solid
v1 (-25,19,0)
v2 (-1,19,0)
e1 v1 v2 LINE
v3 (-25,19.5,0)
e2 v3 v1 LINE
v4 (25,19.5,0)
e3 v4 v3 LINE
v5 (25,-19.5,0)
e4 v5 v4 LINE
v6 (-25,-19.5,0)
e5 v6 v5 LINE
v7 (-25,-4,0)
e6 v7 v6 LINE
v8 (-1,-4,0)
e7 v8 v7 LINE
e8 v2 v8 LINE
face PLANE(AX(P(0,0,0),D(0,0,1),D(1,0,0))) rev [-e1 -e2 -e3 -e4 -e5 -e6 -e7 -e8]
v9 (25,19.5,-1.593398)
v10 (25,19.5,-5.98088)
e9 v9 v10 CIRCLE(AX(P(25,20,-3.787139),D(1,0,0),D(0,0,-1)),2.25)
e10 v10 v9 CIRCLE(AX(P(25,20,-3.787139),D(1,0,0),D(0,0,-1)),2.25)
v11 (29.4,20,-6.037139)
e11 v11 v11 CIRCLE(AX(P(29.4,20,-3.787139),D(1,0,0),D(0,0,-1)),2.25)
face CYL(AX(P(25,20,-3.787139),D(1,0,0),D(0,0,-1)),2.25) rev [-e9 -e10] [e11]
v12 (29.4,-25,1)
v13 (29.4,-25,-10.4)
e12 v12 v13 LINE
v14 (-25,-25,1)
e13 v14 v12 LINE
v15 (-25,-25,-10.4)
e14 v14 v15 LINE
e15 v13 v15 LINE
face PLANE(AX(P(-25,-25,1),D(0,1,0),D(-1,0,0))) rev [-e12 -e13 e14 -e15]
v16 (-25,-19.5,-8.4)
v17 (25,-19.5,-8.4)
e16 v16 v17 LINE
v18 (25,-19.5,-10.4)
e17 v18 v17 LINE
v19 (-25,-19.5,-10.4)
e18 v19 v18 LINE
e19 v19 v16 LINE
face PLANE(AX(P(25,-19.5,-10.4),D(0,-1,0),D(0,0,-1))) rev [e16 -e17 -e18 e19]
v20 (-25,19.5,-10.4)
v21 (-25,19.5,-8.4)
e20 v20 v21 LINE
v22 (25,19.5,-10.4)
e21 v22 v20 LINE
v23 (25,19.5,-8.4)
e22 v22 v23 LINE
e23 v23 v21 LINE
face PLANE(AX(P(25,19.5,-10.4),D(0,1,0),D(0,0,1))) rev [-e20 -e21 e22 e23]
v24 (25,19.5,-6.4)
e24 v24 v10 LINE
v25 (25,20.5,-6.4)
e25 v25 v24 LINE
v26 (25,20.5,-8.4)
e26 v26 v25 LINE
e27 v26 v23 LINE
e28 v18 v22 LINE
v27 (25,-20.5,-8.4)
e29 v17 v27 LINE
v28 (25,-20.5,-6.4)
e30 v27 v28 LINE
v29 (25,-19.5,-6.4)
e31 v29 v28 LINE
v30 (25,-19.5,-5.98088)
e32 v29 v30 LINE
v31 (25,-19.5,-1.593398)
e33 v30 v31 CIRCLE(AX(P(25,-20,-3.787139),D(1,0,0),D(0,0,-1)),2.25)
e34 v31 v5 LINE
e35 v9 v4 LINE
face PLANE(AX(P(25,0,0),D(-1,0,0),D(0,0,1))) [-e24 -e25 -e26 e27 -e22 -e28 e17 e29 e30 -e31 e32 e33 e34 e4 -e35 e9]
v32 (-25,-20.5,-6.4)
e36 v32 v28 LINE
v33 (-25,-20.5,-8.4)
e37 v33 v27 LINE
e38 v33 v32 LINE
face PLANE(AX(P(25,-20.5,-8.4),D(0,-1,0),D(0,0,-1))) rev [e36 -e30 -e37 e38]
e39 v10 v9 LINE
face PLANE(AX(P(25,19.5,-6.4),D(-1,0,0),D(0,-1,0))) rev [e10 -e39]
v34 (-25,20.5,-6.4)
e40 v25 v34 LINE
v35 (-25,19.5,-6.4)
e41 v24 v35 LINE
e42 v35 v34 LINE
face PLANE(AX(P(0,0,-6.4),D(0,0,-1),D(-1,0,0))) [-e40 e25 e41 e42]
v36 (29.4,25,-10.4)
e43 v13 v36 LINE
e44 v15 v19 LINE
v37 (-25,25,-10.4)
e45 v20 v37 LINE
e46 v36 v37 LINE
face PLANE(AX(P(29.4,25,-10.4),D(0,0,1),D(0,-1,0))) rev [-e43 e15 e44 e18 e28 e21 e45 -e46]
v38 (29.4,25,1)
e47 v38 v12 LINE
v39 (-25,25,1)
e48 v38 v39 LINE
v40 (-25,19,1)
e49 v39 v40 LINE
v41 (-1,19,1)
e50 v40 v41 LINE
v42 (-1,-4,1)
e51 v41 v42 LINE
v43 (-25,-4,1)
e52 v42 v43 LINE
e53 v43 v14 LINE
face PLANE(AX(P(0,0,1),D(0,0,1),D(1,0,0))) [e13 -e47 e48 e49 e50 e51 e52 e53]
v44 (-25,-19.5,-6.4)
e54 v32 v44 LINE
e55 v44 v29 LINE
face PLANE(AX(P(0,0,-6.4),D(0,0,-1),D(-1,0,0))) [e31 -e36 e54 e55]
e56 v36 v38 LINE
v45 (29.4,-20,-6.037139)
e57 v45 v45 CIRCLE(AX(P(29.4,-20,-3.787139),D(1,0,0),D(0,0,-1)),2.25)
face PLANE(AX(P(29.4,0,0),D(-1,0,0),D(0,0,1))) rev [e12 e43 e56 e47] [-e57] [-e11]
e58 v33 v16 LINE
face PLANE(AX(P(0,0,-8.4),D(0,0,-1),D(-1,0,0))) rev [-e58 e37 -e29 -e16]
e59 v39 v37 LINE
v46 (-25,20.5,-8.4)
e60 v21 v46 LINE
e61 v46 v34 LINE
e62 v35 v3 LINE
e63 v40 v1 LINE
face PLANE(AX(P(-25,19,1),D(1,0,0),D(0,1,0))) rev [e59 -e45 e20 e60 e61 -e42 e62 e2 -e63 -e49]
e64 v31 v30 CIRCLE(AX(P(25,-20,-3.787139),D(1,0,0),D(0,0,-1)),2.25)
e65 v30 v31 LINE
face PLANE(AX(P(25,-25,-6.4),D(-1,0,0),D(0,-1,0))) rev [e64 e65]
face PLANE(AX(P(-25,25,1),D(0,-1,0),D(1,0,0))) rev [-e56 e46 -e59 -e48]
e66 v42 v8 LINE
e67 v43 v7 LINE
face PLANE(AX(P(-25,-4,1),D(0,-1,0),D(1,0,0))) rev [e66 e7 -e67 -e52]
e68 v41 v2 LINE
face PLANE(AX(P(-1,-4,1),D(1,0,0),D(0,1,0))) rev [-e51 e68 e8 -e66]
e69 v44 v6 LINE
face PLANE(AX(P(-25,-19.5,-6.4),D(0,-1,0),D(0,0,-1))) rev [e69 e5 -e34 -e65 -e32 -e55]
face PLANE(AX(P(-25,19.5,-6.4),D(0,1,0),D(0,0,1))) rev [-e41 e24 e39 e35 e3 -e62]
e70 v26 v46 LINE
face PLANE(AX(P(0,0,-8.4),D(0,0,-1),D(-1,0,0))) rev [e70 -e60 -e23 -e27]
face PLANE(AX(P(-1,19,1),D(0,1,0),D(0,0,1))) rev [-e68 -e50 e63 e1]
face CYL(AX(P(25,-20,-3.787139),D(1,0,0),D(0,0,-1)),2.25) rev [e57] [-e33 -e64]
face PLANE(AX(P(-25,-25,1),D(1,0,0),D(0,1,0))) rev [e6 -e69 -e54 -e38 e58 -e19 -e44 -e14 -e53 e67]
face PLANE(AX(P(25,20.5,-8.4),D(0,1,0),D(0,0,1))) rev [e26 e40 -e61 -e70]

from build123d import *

# Parameters (mm, degrees)
BOSS_EXTRUDE1_DEPTH = 1
SKETCH2_W           = 50
SKETCH2_H           = 11.4
BOSS_EXTRUDE2_DEPTH = 4.4
SKETCH3_R           = 2.25
CUT_EXTRUDE1_DEPTH  = 4.4
SKETCH4_W           = 50
SKETCH4_H           = 5.5
BOSS_EXTRUDE3_DEPTH = 6.4
SKETCH5_W           = 50
SKETCH5_H           = 4.5
BOSS_EXTRUDE4_DEPTH = 2
SKETCH6_W           = 50
SKETCH6_H           = 5.5
BOSS_EXTRUDE5_DEPTH = 2


with BuildPart() as part:
    # Sketch1 → Boss-Extrude1 (new body)
    with BuildSketch(Plane(origin=(0, 0, 0), x_dir=(0, 1, 0), z_dir=(0, 0, 1))):
        Polygon((-4, 25), (-4, 1), (19, 1), (19, 25), (25, 25), (25, -25), (-25, -25), (-25, 25), align=None)
    extrude(amount=BOSS_EXTRUDE1_DEPTH)

    # Sketch2 → Boss-Extrude2 (add)
    with BuildSketch(Plane.YZ.offset(25)):
        with Locations((0, -4.7)):
            Rectangle(SKETCH2_W, SKETCH2_H)
    extrude(amount=BOSS_EXTRUDE2_DEPTH)

    # Sketch3 → Cut-Extrude1 (cut)
    with BuildSketch(Plane.YZ.offset(29.4)):
        with Locations(Location((-20, -3.787139035, 0), (0, 0, 270))):
            Circle(SKETCH3_R)
        with Locations(Location((20, -3.787139035, 0), (0, 0, 270))):
            Circle(SKETCH3_R)
    extrude(amount=-CUT_EXTRUDE1_DEPTH, mode=Mode.SUBTRACT)

    # Sketch4 → Boss-Extrude3 (add)
    with BuildSketch(Plane(origin=(0, 0, 0), x_dir=(1, 0, 0), z_dir=(0, 0, -1))):
        with Locations((0, -22.25)):
            Rectangle(SKETCH4_W, SKETCH4_H)
        with Locations((0, 22.25)):
            Rectangle(SKETCH4_W, SKETCH4_H)
    extrude(amount=BOSS_EXTRUDE3_DEPTH)

    # Sketch5 → Boss-Extrude4 (add)
    with BuildSketch(Plane(origin=(0, 0, -6.4), x_dir=(1, 0, 0), z_dir=(0, 0, -1))):
        with Locations((0, 22.75)):
            Rectangle(SKETCH5_W, SKETCH5_H)
        with Locations((0, -22.75)):
            Rectangle(SKETCH5_W, SKETCH5_H)
    extrude(amount=BOSS_EXTRUDE4_DEPTH)

    # Sketch6 → Boss-Extrude5 (add)
    with BuildSketch(Plane(origin=(0, 0, -8.4), x_dir=(1, 0, 0), z_dir=(0, 0, -1))):
        with Locations((0, 22.25)):
            Rectangle(SKETCH6_W, SKETCH6_H)
        with Locations((0, -22.25)):
            Rectangle(SKETCH6_W, SKETCH6_H)
    extrude(amount=BOSS_EXTRUDE5_DEPTH)


solid = part.part
